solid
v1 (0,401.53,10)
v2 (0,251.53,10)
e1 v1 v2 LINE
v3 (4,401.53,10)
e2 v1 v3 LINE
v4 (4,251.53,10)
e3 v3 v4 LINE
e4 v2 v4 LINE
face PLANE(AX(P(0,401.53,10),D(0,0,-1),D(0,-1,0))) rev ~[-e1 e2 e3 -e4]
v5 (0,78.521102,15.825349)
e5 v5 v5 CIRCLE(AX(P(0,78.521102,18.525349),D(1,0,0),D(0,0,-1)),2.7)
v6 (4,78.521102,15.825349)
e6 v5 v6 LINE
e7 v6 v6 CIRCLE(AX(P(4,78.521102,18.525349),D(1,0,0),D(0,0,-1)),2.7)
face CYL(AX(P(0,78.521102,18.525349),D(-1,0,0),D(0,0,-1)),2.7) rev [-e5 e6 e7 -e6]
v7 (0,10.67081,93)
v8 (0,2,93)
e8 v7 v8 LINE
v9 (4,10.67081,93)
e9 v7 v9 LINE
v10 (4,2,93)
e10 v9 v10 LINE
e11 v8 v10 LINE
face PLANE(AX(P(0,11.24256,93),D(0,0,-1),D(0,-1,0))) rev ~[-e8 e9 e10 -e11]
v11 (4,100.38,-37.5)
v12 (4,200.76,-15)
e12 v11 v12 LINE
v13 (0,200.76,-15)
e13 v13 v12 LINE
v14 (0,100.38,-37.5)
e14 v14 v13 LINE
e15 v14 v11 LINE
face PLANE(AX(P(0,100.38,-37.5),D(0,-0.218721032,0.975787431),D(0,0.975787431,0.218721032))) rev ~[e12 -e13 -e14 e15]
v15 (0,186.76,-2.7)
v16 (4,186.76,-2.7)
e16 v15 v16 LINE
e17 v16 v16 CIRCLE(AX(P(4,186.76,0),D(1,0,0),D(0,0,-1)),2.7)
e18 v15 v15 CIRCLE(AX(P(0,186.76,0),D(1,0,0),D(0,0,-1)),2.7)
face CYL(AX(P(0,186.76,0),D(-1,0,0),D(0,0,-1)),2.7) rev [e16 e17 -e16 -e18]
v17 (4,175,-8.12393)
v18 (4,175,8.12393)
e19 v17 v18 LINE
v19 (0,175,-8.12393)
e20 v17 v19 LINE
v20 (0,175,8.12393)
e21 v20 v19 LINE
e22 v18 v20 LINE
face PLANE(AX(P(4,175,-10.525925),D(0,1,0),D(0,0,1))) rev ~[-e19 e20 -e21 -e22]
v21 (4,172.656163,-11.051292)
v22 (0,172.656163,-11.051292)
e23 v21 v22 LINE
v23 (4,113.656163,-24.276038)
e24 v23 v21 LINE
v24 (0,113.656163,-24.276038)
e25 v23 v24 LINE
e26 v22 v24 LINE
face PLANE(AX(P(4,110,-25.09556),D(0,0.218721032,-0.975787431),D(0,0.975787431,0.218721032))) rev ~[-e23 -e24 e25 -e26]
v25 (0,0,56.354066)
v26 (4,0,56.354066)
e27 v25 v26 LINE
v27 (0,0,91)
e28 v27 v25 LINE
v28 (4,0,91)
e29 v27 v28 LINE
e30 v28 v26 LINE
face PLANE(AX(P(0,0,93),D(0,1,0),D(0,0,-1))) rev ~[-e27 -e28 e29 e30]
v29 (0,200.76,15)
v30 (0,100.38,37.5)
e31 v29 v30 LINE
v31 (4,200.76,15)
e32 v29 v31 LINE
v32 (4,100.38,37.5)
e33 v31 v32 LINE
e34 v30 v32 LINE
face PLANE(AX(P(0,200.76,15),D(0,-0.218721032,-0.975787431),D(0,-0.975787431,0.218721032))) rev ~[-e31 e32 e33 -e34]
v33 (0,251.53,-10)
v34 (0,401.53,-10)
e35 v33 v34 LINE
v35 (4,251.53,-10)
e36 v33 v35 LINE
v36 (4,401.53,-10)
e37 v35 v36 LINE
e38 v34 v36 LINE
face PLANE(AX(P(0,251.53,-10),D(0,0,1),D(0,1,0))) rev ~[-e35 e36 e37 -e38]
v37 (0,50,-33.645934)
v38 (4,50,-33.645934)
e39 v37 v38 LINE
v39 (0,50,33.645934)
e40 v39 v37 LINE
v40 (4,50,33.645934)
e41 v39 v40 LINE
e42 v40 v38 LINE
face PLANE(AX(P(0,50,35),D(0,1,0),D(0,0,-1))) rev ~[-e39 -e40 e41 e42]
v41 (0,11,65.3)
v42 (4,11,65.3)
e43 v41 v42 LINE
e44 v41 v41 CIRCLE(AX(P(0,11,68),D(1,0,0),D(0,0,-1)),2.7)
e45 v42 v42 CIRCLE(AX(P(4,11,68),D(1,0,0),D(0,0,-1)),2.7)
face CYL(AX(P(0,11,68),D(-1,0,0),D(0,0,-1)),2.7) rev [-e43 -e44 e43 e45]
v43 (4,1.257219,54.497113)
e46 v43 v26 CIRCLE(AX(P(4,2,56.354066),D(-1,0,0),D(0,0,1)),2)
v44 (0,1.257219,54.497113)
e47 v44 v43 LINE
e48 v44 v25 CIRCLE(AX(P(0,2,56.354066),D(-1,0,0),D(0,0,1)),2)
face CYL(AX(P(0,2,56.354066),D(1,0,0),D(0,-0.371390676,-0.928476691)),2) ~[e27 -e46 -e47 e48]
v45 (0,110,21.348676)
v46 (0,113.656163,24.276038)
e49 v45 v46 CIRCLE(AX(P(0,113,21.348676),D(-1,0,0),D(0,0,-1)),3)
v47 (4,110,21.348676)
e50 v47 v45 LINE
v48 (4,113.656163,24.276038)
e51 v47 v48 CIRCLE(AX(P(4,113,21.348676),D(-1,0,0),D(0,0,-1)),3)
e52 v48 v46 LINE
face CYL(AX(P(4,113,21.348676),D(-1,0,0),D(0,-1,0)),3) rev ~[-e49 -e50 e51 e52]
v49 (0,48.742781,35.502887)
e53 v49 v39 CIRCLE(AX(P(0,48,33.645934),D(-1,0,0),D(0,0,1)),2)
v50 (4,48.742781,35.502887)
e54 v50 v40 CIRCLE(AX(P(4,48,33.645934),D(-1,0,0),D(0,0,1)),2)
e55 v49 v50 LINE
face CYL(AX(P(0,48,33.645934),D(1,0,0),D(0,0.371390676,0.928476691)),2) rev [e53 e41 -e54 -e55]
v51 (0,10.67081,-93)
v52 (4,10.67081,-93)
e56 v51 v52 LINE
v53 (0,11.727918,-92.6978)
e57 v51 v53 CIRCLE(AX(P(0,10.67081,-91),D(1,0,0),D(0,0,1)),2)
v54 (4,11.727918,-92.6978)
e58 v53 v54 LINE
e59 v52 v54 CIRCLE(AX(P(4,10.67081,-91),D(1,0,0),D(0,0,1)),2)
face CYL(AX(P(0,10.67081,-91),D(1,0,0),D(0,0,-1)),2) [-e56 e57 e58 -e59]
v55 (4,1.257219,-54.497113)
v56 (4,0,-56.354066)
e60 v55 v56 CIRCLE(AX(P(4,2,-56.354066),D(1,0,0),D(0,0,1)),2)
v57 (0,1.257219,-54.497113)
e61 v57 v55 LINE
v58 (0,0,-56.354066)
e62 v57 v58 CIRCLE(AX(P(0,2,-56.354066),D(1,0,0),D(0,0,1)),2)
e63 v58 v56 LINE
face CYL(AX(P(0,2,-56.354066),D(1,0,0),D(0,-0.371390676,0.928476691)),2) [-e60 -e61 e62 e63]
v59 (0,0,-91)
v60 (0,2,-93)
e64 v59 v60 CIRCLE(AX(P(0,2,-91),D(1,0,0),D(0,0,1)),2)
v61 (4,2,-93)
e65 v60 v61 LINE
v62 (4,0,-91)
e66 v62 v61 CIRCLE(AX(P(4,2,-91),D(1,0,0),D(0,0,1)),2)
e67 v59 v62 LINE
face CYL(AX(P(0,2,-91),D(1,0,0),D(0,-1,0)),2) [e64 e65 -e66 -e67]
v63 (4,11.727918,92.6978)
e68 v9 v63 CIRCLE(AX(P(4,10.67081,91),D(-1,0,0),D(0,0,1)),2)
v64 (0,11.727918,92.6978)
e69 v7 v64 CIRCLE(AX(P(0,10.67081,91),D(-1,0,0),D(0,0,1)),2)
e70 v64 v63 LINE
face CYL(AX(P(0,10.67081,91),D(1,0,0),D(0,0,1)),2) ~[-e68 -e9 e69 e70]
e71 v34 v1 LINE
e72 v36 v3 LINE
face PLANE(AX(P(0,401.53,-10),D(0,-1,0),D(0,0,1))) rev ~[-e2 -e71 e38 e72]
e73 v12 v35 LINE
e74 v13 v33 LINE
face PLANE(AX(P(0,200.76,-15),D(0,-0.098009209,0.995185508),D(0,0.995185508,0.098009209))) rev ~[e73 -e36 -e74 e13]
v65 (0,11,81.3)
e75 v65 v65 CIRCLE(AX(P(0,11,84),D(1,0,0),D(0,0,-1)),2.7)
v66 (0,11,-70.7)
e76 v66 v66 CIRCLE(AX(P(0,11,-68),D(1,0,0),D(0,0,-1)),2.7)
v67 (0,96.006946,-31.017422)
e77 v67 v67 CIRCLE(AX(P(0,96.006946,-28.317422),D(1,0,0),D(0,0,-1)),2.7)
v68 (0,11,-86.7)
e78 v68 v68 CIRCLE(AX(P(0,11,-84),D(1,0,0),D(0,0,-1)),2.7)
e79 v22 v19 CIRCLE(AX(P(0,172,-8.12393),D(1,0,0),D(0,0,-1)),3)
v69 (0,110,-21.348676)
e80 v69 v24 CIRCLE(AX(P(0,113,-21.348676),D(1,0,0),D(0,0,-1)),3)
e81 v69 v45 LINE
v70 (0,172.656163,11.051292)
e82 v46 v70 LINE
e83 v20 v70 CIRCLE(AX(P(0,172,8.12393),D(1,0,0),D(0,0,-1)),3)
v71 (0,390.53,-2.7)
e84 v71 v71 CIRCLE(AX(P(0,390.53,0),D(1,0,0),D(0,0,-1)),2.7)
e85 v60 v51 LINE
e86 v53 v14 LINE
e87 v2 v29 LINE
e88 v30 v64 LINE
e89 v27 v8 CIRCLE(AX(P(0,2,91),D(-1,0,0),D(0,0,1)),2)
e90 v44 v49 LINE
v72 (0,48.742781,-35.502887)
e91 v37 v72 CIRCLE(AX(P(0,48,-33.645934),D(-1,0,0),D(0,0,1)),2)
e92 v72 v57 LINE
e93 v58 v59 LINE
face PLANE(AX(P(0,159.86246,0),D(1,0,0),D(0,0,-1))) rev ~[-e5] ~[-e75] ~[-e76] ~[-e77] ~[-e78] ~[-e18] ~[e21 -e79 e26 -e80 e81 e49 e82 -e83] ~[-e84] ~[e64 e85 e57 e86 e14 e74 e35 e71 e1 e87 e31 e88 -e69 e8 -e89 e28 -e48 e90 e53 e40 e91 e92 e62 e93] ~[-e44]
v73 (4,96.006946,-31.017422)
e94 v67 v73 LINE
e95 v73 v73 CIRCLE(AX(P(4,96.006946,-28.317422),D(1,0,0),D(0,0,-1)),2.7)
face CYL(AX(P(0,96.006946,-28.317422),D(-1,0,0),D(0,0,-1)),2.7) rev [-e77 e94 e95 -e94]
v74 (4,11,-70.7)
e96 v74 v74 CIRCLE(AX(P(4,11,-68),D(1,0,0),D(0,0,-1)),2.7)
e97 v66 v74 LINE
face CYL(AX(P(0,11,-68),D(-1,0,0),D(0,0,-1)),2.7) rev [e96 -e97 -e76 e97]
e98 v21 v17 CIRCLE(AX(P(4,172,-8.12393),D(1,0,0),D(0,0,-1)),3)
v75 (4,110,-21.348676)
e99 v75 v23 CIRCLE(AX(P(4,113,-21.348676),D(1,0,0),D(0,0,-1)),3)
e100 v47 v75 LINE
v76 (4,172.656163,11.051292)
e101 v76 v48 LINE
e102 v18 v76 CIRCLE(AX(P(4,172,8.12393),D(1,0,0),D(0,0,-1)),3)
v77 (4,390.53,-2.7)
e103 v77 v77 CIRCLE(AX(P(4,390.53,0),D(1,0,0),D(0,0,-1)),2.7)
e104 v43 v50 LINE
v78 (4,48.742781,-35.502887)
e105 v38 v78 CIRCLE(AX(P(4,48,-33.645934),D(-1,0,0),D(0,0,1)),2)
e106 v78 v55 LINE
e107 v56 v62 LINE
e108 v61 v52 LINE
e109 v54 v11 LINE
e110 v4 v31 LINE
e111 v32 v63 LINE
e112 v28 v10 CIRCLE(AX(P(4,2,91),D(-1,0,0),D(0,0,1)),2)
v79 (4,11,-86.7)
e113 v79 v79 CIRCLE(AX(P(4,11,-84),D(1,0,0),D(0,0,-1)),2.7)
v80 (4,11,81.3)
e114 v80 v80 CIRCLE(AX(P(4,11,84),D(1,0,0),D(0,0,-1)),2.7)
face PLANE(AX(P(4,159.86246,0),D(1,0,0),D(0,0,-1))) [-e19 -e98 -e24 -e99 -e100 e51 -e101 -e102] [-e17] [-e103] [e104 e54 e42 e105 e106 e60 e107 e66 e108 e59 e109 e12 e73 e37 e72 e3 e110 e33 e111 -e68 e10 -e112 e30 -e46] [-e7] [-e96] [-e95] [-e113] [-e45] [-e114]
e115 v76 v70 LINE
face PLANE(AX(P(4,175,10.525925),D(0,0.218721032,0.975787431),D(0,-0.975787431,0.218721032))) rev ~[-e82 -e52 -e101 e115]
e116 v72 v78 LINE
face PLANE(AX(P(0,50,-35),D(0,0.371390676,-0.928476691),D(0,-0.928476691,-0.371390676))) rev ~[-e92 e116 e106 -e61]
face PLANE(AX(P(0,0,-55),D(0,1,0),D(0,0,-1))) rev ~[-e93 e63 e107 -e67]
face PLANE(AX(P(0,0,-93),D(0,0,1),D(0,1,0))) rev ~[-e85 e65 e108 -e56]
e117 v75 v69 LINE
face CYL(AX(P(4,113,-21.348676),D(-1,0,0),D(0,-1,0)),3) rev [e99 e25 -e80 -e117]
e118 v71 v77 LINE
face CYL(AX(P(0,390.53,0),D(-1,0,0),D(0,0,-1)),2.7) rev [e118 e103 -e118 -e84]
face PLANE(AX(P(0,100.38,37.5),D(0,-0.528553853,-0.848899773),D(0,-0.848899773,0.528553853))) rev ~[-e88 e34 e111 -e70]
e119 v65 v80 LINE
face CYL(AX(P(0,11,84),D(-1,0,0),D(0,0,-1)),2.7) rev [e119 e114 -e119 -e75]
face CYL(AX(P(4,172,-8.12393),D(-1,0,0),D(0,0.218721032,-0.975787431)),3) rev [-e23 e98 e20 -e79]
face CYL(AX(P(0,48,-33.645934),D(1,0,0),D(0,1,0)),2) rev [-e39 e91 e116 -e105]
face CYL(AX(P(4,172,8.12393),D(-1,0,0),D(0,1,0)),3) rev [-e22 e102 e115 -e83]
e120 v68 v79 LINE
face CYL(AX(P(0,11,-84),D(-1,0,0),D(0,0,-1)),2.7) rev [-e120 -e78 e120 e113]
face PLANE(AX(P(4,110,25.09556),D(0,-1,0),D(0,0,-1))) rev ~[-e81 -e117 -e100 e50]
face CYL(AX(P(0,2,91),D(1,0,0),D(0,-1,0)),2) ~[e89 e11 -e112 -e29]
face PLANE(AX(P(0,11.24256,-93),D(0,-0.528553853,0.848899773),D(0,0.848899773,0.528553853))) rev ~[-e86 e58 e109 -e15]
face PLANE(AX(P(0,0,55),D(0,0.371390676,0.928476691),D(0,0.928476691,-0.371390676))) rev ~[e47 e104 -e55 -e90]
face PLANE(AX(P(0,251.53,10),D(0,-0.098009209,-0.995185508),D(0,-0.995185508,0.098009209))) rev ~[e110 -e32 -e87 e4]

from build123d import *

# Parameters (mm, degrees)
SKETCH_1_R          = 2.7
EXTRUDE_1_DEPTH     = 4
CUT_EXTRUDE_1_REACH = 414.179
FILLET_1_R          = 3
FILLET_2_R          = 2


with BuildPart() as part:
    # 草圖1 → 填料-伸長1 (new body)
    with BuildSketch(Plane(origin=(0, 0, 0), x_dir=(0, 0, -1), z_dir=(1, 0, 0))):
        Polygon((-55, 0), (-35, 50), (35, 50), (55, 0), (93, 0), (93, 11.24256), (37.5, 100.38), (15, 200.76), (10, 251.53), (10, 401.53), (-10, 401.53), (-10, 251.53), (-15, 200.76), (-37.5, 100.38), (-93, 11.24256), (-93, 0), align=None)
        with Locations((28.317422225, 96.006946316)):
            Circle(SKETCH_1_R, mode=Mode.SUBTRACT)
        with Locations((-18.525349225, 78.521101672)):
            Circle(SKETCH_1_R, mode=Mode.SUBTRACT)
        with Locations((68, 11)):
            Circle(SKETCH_1_R, mode=Mode.SUBTRACT)
        with Locations((84, 11)):
            Circle(SKETCH_1_R, mode=Mode.SUBTRACT)
        with Locations((-84, 11)):
            Circle(SKETCH_1_R, mode=Mode.SUBTRACT)
        with Locations((-68, 11)):
            Circle(SKETCH_1_R, mode=Mode.SUBTRACT)
        with Locations((0, 186.76)):
            Circle(SKETCH_1_R, mode=Mode.SUBTRACT)
        with Locations((0, 390.53)):
            Circle(SKETCH_1_R, mode=Mode.SUBTRACT)
    extrude(amount=EXTRUDE_1_DEPTH)

    # 草圖3 → 除料-伸長1 (cut, up to next)
    with BuildSketch(Plane(origin=(4, 0, 0), x_dir=(0, 0, -1), z_dir=(1, 0, 0)), mode=Mode.PRIVATE) as cut_extrude_1_sk1:
        Polygon((-10.525924933, 175), (-25.095560318, 110), (25.095560318, 110), (10.525924933, 175), align=None)
    cut_extrude_1_tool1 = extrude(cut_extrude_1_sk1.sketch, amount=-CUT_EXTRUDE_1_REACH, mode=Mode.PRIVATE) & part.part
    add(cut_extrude_1_tool1.solids().sort_by_distance((4, 138.06903, 0))[0], mode=Mode.SUBTRACT)

    # 圓角1
    fillet_1_edges = [part.edges().sort_by_distance(p)[0] for p in [
        (2, 175, 10.525924933),
        (2, 175, -10.525924933),
        (2, 110, -25.095560318),
        (2, 110, 25.095560318),
    ]]
    fillet(fillet_1_edges, radius=FILLET_1_R)

    # 圓角2
    fillet_2_edges = [part.edges().sort_by_distance(p)[0] for p in [
        (2, 11.24256, -93),
        (2, 0, -93),
        (2, 0, -55),
        (2, 50, -35),
        (2, 50, 35),
        (2, 0, 55),
        (2, 0, 93),
        (2, 11.24256, 93),
    ]]
    fillet(fillet_2_edges, radius=FILLET_2_R)


solid = part.part
